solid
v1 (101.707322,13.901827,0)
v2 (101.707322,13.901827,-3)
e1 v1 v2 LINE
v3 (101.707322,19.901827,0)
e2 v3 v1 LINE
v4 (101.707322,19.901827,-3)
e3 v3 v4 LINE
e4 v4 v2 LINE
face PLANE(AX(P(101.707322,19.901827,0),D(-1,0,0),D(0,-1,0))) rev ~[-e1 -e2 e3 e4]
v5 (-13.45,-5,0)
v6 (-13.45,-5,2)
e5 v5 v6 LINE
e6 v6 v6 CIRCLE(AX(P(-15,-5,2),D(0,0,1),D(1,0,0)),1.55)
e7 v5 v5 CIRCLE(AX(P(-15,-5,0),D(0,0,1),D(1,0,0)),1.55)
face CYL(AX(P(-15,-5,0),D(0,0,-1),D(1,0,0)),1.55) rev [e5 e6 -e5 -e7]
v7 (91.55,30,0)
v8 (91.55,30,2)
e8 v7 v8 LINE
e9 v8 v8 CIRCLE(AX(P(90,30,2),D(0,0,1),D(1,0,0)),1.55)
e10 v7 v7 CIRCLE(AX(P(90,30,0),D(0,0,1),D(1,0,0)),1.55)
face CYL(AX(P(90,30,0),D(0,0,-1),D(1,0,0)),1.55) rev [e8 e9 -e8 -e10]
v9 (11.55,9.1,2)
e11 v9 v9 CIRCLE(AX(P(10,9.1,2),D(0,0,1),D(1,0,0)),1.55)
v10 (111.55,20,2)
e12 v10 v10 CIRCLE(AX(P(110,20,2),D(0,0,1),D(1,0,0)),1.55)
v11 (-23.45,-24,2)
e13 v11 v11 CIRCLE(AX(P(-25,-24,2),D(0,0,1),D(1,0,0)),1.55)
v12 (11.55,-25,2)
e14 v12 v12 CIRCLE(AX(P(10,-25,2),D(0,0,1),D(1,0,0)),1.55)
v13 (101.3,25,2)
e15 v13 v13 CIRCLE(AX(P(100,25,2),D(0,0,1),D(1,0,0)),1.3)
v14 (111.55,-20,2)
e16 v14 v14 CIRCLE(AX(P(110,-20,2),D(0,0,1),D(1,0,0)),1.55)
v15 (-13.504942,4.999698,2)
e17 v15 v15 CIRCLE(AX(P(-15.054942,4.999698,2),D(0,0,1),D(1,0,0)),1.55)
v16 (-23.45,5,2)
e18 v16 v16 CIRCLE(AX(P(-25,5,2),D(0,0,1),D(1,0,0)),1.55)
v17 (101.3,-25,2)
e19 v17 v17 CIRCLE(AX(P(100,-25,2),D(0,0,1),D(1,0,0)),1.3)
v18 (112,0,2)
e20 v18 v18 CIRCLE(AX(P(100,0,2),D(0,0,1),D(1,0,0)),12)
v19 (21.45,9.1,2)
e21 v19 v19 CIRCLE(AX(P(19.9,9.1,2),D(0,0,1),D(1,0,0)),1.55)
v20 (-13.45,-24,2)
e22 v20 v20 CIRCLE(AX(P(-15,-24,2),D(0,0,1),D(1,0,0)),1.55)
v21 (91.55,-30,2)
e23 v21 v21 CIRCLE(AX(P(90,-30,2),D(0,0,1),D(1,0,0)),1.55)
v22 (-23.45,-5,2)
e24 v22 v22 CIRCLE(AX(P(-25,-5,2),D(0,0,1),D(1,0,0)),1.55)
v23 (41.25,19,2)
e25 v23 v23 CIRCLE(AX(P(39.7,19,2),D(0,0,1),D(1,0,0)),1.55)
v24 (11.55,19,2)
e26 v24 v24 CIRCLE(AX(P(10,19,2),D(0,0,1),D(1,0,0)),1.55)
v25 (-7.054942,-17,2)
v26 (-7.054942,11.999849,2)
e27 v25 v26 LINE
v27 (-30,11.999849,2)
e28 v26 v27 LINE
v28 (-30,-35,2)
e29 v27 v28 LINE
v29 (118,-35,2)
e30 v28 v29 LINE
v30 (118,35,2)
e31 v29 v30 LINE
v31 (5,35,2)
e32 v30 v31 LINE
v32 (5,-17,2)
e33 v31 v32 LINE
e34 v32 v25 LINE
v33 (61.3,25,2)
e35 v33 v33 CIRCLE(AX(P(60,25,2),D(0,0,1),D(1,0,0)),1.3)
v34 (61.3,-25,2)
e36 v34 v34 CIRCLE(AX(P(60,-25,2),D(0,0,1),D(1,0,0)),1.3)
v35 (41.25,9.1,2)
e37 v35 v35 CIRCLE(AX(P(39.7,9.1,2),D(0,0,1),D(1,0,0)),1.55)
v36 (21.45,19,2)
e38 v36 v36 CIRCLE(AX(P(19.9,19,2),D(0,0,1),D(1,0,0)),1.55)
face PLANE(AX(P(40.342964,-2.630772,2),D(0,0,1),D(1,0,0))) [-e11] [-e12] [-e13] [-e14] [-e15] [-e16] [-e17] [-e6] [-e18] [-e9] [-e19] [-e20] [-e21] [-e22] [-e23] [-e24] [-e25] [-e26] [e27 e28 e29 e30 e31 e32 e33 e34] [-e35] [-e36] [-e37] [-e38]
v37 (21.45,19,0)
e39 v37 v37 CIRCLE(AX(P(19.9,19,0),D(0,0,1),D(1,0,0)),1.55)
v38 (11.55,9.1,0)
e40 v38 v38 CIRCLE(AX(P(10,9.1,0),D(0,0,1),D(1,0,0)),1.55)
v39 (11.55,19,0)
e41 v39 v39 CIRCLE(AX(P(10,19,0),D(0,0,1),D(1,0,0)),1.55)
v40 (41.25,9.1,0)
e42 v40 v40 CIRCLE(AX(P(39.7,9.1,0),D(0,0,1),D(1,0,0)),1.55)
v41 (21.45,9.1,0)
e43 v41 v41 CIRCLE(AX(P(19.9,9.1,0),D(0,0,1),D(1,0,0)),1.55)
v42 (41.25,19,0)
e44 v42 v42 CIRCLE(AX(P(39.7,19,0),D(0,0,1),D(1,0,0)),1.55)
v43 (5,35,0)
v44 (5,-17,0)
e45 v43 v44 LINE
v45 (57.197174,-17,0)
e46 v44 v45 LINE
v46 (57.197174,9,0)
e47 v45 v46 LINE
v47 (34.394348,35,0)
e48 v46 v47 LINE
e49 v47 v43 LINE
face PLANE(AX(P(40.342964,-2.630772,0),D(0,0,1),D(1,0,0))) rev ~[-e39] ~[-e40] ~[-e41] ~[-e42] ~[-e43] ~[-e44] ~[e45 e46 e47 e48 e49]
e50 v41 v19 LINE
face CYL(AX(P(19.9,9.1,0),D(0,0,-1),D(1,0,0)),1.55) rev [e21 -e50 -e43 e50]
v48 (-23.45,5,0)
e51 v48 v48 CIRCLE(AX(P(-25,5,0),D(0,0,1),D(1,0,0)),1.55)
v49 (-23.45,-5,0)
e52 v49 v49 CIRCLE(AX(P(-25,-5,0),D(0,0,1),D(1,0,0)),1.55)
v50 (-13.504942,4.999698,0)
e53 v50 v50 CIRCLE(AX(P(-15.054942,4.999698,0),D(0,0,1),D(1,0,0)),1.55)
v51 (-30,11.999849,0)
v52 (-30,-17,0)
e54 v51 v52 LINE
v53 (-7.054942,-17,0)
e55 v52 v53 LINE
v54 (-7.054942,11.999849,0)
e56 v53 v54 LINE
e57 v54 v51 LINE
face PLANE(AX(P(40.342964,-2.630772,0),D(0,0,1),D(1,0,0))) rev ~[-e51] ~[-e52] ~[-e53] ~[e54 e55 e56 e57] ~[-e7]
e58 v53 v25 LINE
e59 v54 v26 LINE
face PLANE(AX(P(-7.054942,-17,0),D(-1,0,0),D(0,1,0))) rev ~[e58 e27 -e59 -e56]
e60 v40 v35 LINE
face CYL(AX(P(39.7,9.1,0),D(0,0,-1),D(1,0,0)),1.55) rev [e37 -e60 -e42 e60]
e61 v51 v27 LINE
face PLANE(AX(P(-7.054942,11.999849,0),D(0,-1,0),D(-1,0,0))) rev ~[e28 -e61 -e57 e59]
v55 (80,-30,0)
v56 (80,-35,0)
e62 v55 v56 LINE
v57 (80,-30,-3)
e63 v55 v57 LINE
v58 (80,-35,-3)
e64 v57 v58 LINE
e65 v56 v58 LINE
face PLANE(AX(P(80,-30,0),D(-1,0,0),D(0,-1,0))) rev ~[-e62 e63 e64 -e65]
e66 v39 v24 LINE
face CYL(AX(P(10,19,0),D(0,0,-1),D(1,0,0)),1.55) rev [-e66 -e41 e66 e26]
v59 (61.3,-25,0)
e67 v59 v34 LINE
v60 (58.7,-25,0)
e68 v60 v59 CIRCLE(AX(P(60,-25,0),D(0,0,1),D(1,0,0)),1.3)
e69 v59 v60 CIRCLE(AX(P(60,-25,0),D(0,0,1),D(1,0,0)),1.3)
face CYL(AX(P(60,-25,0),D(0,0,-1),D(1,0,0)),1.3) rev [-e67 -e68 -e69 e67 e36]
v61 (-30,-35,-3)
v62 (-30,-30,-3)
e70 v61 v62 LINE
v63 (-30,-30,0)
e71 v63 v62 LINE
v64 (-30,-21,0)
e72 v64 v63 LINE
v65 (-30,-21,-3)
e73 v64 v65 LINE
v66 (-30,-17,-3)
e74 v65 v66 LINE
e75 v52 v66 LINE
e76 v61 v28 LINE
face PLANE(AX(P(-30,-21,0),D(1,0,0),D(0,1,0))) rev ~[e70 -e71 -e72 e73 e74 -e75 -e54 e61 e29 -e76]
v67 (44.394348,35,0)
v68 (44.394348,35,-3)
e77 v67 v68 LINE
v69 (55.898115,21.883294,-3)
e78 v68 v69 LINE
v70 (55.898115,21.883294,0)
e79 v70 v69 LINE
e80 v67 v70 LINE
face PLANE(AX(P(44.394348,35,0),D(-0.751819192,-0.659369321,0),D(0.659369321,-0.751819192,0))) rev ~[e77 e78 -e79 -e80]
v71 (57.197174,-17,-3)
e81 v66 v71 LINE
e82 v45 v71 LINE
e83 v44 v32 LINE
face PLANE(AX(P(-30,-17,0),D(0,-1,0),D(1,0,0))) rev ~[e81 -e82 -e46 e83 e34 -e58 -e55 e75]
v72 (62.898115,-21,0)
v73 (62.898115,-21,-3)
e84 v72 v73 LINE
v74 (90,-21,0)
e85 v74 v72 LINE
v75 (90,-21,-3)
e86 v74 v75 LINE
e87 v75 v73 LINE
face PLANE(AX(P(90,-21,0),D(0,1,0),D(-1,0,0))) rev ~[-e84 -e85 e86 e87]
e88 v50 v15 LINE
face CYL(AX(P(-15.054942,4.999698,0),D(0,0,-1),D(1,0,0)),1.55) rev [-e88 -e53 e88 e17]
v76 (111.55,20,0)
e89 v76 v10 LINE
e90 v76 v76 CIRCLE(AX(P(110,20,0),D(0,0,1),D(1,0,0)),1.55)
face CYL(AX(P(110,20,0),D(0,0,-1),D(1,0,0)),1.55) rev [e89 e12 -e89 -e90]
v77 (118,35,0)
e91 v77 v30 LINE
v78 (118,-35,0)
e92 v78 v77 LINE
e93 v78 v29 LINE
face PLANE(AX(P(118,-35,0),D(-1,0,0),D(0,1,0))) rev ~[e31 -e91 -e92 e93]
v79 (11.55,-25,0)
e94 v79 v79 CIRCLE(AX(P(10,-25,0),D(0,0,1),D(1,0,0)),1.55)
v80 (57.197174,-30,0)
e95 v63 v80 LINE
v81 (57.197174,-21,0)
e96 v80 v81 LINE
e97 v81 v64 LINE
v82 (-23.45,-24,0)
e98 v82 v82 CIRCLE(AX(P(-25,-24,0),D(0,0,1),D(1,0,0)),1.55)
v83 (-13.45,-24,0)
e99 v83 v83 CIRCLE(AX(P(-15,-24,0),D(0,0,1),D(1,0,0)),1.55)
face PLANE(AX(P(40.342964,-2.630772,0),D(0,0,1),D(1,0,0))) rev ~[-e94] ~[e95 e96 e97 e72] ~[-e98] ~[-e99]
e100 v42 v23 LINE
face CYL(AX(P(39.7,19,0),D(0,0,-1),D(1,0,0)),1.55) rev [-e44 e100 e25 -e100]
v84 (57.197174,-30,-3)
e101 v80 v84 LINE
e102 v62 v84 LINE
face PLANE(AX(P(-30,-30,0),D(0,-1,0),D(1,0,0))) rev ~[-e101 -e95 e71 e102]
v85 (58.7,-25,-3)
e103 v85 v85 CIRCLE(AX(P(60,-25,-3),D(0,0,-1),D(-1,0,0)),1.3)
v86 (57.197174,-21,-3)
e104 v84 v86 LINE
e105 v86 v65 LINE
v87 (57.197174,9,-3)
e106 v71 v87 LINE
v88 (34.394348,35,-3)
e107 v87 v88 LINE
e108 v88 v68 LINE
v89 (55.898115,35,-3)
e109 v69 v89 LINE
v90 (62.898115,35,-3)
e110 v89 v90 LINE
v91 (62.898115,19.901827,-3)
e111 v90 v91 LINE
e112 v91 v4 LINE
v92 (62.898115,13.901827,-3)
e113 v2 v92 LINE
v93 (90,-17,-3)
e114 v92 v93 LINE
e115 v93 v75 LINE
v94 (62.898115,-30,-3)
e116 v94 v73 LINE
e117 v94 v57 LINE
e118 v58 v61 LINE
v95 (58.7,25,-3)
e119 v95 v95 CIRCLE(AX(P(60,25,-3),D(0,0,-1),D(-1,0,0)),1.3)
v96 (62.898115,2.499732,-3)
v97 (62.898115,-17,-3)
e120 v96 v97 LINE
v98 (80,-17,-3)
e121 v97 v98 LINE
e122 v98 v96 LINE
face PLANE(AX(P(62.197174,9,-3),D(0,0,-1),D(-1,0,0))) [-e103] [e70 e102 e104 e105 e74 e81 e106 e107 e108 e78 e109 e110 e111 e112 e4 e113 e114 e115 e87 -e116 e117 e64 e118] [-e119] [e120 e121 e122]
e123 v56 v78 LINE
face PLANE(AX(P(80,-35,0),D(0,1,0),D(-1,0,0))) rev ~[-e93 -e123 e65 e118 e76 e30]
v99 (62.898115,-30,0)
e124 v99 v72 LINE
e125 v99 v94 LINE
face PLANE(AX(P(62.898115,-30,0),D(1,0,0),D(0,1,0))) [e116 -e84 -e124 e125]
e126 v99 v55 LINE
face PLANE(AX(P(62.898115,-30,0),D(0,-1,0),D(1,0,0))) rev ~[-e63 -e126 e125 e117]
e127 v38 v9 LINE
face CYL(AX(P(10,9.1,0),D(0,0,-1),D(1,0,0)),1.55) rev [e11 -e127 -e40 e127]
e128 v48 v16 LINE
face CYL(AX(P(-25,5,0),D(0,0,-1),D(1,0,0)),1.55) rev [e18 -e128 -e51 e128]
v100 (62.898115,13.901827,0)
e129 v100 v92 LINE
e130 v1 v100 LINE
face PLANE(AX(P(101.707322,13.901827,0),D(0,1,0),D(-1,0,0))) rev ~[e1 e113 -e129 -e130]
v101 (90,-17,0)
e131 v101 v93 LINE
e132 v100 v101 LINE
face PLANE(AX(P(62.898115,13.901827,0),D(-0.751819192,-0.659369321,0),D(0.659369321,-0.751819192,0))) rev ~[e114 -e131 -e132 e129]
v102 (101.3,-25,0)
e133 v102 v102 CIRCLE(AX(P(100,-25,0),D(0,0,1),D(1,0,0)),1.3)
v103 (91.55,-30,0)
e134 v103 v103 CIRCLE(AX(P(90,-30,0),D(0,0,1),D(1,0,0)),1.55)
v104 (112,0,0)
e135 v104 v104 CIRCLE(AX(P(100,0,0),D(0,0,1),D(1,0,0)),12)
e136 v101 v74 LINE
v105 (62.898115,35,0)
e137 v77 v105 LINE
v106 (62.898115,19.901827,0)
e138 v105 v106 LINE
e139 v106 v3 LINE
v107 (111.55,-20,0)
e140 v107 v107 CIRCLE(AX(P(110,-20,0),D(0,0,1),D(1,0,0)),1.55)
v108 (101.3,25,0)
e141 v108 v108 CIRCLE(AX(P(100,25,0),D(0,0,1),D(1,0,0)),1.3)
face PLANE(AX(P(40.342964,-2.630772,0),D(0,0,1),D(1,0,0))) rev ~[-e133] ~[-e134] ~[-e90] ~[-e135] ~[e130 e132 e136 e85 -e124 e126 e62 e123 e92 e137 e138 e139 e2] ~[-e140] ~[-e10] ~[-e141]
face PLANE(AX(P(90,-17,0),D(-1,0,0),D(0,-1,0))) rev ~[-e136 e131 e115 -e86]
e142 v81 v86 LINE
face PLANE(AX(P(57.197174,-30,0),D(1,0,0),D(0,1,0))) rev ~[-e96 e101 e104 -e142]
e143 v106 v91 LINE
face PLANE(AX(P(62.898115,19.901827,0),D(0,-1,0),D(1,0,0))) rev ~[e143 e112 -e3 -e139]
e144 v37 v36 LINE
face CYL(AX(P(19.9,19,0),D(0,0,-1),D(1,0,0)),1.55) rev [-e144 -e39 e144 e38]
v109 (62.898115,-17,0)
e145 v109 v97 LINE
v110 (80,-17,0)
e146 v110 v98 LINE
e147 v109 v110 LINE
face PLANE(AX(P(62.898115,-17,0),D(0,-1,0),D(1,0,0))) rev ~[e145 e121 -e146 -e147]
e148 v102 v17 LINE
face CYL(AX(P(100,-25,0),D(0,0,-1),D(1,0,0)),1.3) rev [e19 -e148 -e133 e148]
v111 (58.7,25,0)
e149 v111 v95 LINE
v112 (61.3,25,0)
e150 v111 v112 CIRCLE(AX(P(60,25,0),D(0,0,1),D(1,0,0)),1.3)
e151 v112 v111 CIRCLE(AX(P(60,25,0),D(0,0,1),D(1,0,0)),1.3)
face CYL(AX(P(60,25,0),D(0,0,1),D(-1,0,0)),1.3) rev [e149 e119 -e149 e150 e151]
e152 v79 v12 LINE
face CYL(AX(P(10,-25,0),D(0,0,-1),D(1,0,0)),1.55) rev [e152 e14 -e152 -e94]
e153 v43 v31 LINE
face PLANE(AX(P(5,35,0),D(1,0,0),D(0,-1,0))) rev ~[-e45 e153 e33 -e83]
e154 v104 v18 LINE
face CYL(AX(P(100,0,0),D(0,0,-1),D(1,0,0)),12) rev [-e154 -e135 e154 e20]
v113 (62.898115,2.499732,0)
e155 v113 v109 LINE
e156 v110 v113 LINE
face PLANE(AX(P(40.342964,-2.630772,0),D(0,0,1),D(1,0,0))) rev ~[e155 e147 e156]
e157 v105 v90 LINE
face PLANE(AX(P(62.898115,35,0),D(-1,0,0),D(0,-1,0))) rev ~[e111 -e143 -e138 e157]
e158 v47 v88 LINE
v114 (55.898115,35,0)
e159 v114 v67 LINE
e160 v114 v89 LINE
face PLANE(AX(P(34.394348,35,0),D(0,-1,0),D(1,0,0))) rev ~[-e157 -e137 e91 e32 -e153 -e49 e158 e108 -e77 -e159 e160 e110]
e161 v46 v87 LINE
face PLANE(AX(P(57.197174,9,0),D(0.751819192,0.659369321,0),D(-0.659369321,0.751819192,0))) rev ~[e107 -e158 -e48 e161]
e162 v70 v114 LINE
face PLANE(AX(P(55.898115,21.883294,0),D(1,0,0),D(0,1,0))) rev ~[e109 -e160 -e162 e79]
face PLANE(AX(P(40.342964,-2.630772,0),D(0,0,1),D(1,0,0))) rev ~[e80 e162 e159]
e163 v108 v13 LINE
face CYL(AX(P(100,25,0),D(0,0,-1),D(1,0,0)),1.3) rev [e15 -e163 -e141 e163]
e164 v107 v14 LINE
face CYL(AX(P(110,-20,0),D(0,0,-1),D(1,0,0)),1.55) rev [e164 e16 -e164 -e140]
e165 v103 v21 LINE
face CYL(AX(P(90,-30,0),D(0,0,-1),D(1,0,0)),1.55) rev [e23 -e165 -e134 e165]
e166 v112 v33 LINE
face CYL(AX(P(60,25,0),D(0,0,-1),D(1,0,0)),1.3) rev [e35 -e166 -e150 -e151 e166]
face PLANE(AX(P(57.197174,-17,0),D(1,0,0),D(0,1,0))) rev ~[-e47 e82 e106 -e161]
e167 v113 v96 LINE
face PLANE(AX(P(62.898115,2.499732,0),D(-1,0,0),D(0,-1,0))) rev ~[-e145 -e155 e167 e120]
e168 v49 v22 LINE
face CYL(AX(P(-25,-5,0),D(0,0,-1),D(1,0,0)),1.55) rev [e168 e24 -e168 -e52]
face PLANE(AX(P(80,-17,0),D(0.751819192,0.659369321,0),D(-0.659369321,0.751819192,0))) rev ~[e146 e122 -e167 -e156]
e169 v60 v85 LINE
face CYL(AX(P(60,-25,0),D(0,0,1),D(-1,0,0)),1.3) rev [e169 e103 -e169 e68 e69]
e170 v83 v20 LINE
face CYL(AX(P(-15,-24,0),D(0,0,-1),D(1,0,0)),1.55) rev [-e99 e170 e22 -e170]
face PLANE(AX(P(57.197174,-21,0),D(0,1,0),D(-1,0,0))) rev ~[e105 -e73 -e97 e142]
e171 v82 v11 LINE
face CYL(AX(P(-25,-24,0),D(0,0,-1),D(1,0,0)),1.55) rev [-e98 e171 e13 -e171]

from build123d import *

# Parameters (mm, degrees)
SKETCH_1_R      = 1.55
SKETCH_1_R_2    = 1.3
SKETCH_1_R_3    = 12
EXTRUDE_1_DEPTH = 2
SKETCH_2_W      = 5.700941524
SKETCH_2_H      = 9
SKETCH_2_R      = 1.3
EXTRUDE_2_DEPTH = 3


with BuildPart() as part:
    # 草图1 → 凸台-拉伸1 (new body)
    with BuildSketch(Plane.XY):
        Polygon((118, -35), (118, 35), (5, 35), (5, 19), (5, -17), (-7.054941738, -17), (-7.054941738, 4.999698131), (-7.054941738, 11.999849066), (-30, 11.999849066), (-30, -35), (-7.054941738, -35), (17.9, -35), align=None)
        with Locations((-25, -24)):
            Circle(SKETCH_1_R, mode=Mode.SUBTRACT)
        with Locations((-15, -24)):
            Circle(SKETCH_1_R, mode=Mode.SUBTRACT)
        with Locations((10, -25)):
            Circle(SKETCH_1_R, mode=Mode.SUBTRACT)
        with Locations((-25, -5)):
            Circle(SKETCH_1_R, mode=Mode.SUBTRACT)
        with Locations((-15, -5)):
            Circle(SKETCH_1_R, mode=Mode.SUBTRACT)
        with Locations((60, -25)):
            Circle(SKETCH_1_R_2, mode=Mode.SUBTRACT)
        with Locations((90, -30)):
            Circle(SKETCH_1_R, mode=Mode.SUBTRACT)
        with Locations((100, -25)):
            Circle(SKETCH_1_R_2, mode=Mode.SUBTRACT)
        with Locations((110, -20)):
            Circle(SKETCH_1_R, mode=Mode.SUBTRACT)
        with Locations((-25, 5)):
            Circle(SKETCH_1_R, mode=Mode.SUBTRACT)
        with Locations((-15.054941738, 4.999698131)):
            Circle(SKETCH_1_R, mode=Mode.SUBTRACT)
        with Locations((10, 9.1)):
            Circle(SKETCH_1_R, mode=Mode.SUBTRACT)
        with Locations((19.9, 9.1)):
            Circle(SKETCH_1_R, mode=Mode.SUBTRACT)
        with Locations((39.7, 9.1)):
            Circle(SKETCH_1_R, mode=Mode.SUBTRACT)
        with Locations((10, 19)):
            Circle(SKETCH_1_R, mode=Mode.SUBTRACT)
        with Locations((19.9, 19)):
            Circle(SKETCH_1_R, mode=Mode.SUBTRACT)
        with Locations((39.7, 19)):
            Circle(SKETCH_1_R, mode=Mode.SUBTRACT)
        with Locations((100, 0)):
            Circle(SKETCH_1_R_3, mode=Mode.SUBTRACT)
        with Locations((60, 25)):
            Circle(SKETCH_1_R_2, mode=Mode.SUBTRACT)
        with Locations((110, 20)):
            Circle(SKETCH_1_R, mode=Mode.SUBTRACT)
        with Locations((100, 25)):
            Circle(SKETCH_1_R_2, mode=Mode.SUBTRACT)
        with Locations((90, 30)):
            Circle(SKETCH_1_R, mode=Mode.SUBTRACT)
    extrude(amount=EXTRUDE_1_DEPTH)

    # 草图2 → 凸台-拉伸2 (add)
    with BuildSketch(Plane(origin=(0, 0, 0), x_dir=(-1, 0, 0), z_dir=(0, 0, -1))):
        Polygon((-62.898115349, 2.499732073), (-57.197173825, 9), (-34.39434765, 35), (-44.39434765, 35), (-55.898115349, 21.883294295), (-57.635924693, 19.901827498), (-62.898115349, 13.901827498), (-90, -17), (-80, -17), align=None)
        Polygon((30, -21), (30, -17), (7.054941738, -17), (-5, -17), (-57.197173825, -17), (-62.898115349, -17), (-80, -17), (-90, -17), (-90, -21), (-62.898115349, -21), (-57.197173825, -21), align=None)
        Polygon((30, -35), (30, -30), (-57.197173825, -30), (-62.898115349, -30), (-80, -30), (-80, -35), align=None)
        Polygon((-101.707321844, 13.901827498), (-62.898115349, 13.901827498), (-57.635924693, 19.901827498), (-62.898115349, 19.901827498), (-101.707321844, 19.901827498), align=None)
        with Locations((-60.047644587, -25.5)):
            Rectangle(SKETCH_2_W, SKETCH_2_H)
        with Locations((-60, -25)):
            Circle(SKETCH_2_R, mode=Mode.SUBTRACT)
        Polygon((-62.898115349, -17), (-57.197173825, -17), (-57.197173825, 9), (-62.898115349, 2.499732073), align=None)
        Polygon((-57.635924693, 19.901827498), (-55.898115349, 21.883294295), (-55.898115349, 35), (-62.898115349, 35), (-62.898115349, 19.901827498), align=None)
        with Locations((-60, 25)):
            Circle(SKETCH_2_R, mode=Mode.SUBTRACT)
    extrude(amount=EXTRUDE_2_DEPTH)


solid = part.part
